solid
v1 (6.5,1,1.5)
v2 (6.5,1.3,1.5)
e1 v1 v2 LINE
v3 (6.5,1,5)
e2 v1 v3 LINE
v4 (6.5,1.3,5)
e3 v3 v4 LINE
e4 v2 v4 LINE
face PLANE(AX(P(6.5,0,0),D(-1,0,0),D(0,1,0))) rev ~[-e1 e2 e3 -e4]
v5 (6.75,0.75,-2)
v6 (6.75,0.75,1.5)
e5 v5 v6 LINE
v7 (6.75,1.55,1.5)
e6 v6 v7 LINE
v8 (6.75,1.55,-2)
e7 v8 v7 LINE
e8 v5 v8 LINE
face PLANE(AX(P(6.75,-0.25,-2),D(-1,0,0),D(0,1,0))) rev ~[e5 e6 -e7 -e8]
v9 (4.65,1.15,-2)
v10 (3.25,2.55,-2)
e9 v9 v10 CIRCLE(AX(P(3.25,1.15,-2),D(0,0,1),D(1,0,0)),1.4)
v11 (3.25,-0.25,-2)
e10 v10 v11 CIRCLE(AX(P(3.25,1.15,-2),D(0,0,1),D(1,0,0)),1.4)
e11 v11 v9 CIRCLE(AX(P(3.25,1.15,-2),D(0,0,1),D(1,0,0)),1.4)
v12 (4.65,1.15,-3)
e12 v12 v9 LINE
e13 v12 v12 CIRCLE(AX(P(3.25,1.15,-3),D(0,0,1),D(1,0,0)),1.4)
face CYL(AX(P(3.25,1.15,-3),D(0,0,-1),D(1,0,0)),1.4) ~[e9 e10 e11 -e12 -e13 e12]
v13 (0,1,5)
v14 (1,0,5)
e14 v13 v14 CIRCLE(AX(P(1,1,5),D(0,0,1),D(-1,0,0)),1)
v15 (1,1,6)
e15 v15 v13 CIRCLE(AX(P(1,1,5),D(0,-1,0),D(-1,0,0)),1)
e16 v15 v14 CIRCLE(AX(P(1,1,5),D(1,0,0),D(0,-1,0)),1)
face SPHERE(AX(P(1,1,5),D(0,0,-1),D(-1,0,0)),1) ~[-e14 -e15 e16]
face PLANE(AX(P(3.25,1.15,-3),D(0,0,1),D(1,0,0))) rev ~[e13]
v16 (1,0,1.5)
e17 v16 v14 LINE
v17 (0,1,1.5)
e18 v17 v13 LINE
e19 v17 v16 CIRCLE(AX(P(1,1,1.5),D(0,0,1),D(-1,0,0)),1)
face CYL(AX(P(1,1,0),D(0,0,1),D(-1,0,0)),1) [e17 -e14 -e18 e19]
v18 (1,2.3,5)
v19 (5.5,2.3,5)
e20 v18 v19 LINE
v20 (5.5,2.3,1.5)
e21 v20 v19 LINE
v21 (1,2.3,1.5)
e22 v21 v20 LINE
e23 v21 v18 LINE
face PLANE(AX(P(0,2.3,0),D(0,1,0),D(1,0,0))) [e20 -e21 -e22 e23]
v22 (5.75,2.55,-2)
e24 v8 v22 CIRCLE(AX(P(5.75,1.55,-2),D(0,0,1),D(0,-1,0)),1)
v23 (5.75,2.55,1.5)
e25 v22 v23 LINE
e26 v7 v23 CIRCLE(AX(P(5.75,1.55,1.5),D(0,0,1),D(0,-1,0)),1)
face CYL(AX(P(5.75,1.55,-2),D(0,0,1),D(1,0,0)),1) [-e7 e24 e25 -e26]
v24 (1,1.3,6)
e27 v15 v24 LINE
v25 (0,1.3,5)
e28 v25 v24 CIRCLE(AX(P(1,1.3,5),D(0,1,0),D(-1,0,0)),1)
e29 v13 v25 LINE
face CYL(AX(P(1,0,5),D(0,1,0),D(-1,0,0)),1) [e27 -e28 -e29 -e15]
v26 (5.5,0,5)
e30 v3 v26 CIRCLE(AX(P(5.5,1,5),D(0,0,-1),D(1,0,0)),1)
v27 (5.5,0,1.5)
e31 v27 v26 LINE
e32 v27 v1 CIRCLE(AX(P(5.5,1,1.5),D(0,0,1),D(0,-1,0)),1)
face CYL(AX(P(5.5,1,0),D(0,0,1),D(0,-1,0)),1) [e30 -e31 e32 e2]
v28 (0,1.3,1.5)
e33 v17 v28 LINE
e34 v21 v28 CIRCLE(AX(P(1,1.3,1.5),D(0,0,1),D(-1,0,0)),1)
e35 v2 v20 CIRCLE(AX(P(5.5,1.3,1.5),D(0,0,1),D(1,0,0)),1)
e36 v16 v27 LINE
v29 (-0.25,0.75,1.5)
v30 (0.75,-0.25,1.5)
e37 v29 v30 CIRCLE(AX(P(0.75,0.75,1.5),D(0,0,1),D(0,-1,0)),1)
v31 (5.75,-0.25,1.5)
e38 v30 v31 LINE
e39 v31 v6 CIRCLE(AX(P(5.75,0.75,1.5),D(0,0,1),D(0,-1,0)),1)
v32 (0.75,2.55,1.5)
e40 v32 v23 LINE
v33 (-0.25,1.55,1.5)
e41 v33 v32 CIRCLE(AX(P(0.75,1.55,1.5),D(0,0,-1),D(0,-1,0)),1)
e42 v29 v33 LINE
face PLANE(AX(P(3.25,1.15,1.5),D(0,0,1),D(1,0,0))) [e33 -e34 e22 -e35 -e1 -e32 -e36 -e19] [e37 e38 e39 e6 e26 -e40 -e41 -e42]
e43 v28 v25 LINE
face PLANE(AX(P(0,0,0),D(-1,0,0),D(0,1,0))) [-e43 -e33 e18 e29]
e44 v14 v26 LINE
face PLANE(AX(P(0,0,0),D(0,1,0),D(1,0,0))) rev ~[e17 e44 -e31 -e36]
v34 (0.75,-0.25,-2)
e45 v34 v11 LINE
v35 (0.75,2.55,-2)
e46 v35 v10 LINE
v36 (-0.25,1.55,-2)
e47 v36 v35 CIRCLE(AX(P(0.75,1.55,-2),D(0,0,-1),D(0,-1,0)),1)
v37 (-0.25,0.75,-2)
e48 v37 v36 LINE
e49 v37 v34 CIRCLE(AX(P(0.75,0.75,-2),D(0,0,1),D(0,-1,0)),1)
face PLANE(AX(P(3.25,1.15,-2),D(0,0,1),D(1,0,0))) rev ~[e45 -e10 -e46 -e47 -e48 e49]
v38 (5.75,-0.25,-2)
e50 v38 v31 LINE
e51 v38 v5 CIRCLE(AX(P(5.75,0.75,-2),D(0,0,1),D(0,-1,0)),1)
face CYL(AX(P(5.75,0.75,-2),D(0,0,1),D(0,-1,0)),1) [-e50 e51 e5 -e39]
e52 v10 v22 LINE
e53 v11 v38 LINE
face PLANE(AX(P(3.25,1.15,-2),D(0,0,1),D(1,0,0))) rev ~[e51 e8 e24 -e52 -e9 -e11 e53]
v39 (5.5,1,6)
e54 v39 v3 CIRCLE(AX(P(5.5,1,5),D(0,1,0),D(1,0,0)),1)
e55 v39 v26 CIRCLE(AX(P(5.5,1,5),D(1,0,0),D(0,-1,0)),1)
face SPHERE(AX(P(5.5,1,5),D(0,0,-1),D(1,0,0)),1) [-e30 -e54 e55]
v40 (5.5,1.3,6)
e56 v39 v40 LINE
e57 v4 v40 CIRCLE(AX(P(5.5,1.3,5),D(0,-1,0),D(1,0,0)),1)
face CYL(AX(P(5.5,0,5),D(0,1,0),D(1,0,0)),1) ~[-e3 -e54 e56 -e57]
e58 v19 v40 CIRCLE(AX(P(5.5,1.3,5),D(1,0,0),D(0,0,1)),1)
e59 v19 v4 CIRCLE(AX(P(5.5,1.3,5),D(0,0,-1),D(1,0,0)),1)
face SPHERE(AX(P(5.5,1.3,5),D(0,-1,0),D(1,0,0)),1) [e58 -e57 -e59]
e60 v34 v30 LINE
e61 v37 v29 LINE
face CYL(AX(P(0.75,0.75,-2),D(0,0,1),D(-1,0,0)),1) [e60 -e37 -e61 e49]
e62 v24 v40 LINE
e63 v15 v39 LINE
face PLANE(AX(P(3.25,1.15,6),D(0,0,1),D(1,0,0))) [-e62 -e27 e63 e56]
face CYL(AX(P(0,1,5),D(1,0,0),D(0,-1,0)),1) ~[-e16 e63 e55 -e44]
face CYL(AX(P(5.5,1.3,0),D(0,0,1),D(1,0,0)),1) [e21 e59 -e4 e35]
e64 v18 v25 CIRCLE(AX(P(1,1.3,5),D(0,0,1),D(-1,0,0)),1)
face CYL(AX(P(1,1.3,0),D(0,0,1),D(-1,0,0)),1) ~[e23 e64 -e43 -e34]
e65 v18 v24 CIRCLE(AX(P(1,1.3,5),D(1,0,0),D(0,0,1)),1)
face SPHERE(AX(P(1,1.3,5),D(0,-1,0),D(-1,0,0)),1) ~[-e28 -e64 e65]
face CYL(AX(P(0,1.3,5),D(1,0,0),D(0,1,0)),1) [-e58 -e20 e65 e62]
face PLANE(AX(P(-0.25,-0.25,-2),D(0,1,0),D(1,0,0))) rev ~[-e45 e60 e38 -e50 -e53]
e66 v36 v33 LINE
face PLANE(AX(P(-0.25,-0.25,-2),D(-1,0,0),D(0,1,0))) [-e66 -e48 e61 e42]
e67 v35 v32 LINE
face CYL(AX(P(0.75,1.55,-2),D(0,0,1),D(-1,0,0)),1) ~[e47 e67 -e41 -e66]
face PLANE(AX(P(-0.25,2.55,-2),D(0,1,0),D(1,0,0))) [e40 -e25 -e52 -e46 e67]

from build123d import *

# Parameters (mm, degrees)
BOX001_W       = 7
BOX001_H       = 2.8
BOX001_DEPTH   = 3.5
FILLET001_R    = 1
CYLINDER_R     = 1.4
CYLINDER_DEPTH = 1
BOX_W          = 6.5
BOX_H          = 2.3
BOX_DEPTH      = 6
FILLET_R       = 1


with BuildPart() as fillet001:
    # Box001 → Box001 (new body)
    with BuildSketch(Plane(origin=(-0.25, -0.25, -2), x_dir=(1, 0, 0), z_dir=(0, 0, 1))):
        with Locations((3.5, 1.4)):
            Rectangle(BOX001_W, BOX001_H)
    extrude(amount=BOX001_DEPTH)

    # Fillet001
    fillet001_edges = [fillet001.edges().sort_by_distance(p)[0] for p in [
        (-0.25, -0.25, -0.25),
        (-0.25, 2.55, -0.25),
        (6.75, -0.25, -0.25),
        (6.75, 2.55, -0.25),
    ]]
    fillet(fillet001_edges, radius=FILLET001_R)


with BuildPart() as cylinder:
    # Cylinder → Cylinder (new body)
    with BuildSketch(Plane(origin=(3.25, 1.15, -3), x_dir=(1, 0, 0), z_dir=(0, 0, 1))):
        Circle(CYLINDER_R)
    extrude(amount=CYLINDER_DEPTH)


with BuildPart() as fusion:
    # Box → Box (new body)
    with BuildSketch(Plane.XY):
        with Locations((3.25, 1.15)):
            Rectangle(BOX_W, BOX_H)
    extrude(amount=BOX_DEPTH)

    # Fillet
    fillet_edges = [fusion.edges().sort_by_distance(p)[0] for p in [
        (0, 0, 3),
        (0, 1.15, 6),
        (0, 2.3, 3),
        (6.5, 0, 3),
        (6.5, 1.15, 6),
        (6.5, 2.3, 3),
        (3.25, 0, 6),
        (3.25, 2.3, 6),
    ]]
    fillet(fillet_edges, radius=FILLET_R)

    # Fusion: union Fillet001, Cylinder
    add(fillet001.part)
    add(cylinder.part)


solid = fusion.part
